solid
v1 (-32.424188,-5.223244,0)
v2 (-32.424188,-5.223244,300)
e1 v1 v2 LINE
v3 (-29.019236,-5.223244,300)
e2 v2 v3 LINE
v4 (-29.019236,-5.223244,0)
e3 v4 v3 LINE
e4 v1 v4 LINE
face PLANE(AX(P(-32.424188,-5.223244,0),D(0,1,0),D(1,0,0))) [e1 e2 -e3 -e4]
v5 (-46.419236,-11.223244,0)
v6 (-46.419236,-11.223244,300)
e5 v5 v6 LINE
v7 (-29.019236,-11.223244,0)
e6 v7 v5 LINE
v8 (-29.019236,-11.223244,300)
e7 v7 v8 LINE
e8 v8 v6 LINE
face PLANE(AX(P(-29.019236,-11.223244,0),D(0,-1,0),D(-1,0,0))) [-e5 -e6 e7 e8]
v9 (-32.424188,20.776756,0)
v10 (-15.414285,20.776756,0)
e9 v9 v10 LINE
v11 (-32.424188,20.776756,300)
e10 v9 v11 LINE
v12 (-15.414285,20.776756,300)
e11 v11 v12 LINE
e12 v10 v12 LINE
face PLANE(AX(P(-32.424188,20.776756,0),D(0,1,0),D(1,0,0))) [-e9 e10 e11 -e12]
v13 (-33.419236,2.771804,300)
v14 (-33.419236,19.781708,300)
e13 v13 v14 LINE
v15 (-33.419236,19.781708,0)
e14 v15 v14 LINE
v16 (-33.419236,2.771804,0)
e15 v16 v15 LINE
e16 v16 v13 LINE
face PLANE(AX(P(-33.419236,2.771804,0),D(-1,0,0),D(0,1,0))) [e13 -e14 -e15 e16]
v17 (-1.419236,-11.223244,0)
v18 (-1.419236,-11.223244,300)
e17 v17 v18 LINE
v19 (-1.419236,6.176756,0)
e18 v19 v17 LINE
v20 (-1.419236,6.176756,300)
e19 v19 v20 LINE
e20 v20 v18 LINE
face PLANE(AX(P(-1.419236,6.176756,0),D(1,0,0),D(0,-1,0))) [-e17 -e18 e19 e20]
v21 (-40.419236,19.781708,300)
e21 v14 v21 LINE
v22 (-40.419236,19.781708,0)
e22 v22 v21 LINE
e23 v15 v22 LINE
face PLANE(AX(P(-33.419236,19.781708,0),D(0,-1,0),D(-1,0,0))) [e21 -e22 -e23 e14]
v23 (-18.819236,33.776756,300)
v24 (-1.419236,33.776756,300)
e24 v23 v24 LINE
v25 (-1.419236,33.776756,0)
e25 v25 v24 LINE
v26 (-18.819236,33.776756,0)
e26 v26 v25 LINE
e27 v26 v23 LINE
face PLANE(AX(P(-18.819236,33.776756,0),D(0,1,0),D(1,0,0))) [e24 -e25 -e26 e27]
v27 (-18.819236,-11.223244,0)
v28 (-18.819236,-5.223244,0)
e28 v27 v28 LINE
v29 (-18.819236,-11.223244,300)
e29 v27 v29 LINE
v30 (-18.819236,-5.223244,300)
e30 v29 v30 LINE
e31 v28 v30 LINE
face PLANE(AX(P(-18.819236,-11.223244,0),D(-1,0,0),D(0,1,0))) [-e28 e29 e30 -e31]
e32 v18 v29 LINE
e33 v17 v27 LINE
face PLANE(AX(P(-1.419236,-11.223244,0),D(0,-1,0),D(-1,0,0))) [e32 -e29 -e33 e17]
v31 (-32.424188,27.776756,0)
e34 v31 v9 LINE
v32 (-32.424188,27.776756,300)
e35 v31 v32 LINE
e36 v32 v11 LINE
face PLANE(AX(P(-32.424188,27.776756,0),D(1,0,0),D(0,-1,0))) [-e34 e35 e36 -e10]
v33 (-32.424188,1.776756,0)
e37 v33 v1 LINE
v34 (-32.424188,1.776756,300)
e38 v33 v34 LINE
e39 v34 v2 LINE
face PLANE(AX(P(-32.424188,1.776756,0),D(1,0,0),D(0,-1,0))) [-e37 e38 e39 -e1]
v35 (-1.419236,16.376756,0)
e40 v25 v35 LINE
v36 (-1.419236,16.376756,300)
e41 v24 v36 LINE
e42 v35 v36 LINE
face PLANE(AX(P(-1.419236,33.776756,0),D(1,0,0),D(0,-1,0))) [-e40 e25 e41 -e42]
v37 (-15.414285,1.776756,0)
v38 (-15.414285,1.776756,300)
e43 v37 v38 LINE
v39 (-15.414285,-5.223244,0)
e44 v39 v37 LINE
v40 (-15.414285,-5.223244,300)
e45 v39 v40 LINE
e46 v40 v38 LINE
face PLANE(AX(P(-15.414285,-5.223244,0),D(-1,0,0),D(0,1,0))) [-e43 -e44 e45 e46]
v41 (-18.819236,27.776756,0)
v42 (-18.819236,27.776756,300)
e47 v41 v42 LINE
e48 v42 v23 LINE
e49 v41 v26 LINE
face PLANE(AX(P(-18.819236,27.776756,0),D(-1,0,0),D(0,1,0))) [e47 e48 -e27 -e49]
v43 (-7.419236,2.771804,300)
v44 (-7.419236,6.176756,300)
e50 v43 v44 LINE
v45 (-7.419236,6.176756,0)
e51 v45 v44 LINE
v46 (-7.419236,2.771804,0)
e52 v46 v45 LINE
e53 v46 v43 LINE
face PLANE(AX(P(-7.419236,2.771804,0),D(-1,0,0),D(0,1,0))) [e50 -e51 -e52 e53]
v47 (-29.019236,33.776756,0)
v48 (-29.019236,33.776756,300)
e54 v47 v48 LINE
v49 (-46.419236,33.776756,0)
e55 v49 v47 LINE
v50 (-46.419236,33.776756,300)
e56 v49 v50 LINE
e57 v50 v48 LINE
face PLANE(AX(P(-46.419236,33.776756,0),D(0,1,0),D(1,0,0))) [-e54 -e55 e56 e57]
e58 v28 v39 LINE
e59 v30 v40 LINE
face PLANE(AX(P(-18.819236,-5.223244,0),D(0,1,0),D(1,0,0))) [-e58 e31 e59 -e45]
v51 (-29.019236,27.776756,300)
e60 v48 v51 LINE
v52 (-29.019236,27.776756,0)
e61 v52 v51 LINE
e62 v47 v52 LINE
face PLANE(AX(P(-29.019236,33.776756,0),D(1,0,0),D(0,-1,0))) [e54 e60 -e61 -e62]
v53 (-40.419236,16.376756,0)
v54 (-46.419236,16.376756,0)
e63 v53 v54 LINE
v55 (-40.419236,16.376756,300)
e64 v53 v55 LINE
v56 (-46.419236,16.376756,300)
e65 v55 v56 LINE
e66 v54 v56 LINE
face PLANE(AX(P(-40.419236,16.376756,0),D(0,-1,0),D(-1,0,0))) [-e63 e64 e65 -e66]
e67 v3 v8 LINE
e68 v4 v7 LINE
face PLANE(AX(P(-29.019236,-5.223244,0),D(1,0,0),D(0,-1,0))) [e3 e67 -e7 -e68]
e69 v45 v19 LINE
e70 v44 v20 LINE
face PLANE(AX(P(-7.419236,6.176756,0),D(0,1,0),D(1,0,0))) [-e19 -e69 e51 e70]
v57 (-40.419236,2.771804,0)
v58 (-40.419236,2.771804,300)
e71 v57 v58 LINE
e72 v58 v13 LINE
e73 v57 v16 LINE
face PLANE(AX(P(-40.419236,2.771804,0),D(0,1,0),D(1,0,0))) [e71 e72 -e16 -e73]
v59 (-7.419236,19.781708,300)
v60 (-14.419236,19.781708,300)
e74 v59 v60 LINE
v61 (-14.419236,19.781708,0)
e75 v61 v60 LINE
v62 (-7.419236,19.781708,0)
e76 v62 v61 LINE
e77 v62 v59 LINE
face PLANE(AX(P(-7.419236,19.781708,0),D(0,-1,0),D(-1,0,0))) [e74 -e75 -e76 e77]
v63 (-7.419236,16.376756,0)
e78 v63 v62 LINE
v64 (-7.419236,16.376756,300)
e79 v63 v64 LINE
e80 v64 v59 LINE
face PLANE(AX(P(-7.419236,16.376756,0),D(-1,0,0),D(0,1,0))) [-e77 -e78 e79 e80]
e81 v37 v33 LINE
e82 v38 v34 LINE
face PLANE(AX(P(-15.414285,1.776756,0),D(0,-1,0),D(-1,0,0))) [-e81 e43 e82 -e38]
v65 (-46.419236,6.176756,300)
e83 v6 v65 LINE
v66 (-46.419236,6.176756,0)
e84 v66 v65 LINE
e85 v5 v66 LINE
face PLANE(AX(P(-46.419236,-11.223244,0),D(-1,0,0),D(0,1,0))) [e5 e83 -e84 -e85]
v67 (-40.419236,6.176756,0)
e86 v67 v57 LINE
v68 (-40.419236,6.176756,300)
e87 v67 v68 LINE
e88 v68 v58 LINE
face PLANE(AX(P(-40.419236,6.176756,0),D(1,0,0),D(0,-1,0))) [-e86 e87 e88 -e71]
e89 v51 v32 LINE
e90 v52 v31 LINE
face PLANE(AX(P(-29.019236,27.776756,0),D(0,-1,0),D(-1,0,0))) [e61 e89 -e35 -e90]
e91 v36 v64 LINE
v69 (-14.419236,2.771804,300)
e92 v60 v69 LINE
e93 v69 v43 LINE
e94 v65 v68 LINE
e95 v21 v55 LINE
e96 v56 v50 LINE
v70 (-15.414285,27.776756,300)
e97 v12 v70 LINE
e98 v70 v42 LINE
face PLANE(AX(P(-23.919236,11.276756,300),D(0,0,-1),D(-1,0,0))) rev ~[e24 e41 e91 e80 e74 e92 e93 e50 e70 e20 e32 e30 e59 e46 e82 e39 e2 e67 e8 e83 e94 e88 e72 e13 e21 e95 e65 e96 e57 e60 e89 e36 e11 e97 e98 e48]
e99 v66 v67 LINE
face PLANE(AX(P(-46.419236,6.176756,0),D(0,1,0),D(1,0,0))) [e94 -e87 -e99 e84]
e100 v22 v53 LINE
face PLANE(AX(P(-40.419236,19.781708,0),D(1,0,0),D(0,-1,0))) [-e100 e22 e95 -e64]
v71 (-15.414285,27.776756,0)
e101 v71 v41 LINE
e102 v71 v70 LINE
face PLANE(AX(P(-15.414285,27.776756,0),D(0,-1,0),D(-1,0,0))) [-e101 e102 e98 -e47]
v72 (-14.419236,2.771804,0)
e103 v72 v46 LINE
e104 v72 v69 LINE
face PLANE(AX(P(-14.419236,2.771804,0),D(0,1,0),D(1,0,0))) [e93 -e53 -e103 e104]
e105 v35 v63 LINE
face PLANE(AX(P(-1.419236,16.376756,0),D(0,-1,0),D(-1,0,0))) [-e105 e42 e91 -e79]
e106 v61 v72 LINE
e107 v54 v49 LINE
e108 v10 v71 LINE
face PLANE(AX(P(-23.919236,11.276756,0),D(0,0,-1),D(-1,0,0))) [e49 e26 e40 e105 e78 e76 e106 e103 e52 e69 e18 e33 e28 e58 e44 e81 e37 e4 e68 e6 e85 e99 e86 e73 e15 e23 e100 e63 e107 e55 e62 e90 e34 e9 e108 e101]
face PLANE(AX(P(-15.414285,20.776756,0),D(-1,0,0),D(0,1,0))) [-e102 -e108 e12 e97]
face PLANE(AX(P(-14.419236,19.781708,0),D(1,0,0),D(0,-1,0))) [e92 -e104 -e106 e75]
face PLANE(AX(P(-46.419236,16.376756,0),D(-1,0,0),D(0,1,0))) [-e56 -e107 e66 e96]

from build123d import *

# Parameters (mm, degrees)
AUFSATZ_LINEAR_AUSTRAGEN1_DEPTH = 300


with BuildPart() as part:
    # Skizze1 → Aufsatz-Linear austragen1 (new body)
    with BuildSketch(Plane.XY):
        Polygon((-18.819236164, 33.776755942), (-1.419236164, 33.776755942), (-1.419236164, 16.376755942), (-7.419236164, 16.376755942), (-7.419236164, 19.781707503), (-14.419236164, 19.781707503), (-14.419236164, 2.77180438), (-7.419236164, 2.77180438), (-7.419236164, 6.176755942), (-1.419236164, 6.176755942), (-1.419236164, -11.223244058), (-18.819236164, -11.223244058), (-18.819236164, -5.223244058), (-15.414284603, -5.223244058), (-15.414284603, 1.776755942), (-32.424187726, 1.776755942), (-32.424187726, -5.223244058), (-29.019236164, -5.223244058), (-29.019236164, -11.223244058), (-46.419236164, -11.223244058), (-46.419236164, 6.176755942), (-40.419236164, 6.176755942), (-40.419236164, 2.77180438), (-33.419236164, 2.77180438), (-33.419236164, 19.781707503), (-40.419236164, 19.781707503), (-40.419236164, 16.376755942), (-46.419236164, 16.376755942), (-46.419236164, 33.776755942), (-29.019236164, 33.776755942), (-29.019236164, 27.776755942), (-32.424187726, 27.776755942), (-32.424187726, 20.776755942), (-15.414284603, 20.776755942), (-15.414284603, 27.776755942), (-18.819236164, 27.776755942), align=None)
    extrude(amount=AUFSATZ_LINEAR_AUSTRAGEN1_DEPTH)


solid = part.part
